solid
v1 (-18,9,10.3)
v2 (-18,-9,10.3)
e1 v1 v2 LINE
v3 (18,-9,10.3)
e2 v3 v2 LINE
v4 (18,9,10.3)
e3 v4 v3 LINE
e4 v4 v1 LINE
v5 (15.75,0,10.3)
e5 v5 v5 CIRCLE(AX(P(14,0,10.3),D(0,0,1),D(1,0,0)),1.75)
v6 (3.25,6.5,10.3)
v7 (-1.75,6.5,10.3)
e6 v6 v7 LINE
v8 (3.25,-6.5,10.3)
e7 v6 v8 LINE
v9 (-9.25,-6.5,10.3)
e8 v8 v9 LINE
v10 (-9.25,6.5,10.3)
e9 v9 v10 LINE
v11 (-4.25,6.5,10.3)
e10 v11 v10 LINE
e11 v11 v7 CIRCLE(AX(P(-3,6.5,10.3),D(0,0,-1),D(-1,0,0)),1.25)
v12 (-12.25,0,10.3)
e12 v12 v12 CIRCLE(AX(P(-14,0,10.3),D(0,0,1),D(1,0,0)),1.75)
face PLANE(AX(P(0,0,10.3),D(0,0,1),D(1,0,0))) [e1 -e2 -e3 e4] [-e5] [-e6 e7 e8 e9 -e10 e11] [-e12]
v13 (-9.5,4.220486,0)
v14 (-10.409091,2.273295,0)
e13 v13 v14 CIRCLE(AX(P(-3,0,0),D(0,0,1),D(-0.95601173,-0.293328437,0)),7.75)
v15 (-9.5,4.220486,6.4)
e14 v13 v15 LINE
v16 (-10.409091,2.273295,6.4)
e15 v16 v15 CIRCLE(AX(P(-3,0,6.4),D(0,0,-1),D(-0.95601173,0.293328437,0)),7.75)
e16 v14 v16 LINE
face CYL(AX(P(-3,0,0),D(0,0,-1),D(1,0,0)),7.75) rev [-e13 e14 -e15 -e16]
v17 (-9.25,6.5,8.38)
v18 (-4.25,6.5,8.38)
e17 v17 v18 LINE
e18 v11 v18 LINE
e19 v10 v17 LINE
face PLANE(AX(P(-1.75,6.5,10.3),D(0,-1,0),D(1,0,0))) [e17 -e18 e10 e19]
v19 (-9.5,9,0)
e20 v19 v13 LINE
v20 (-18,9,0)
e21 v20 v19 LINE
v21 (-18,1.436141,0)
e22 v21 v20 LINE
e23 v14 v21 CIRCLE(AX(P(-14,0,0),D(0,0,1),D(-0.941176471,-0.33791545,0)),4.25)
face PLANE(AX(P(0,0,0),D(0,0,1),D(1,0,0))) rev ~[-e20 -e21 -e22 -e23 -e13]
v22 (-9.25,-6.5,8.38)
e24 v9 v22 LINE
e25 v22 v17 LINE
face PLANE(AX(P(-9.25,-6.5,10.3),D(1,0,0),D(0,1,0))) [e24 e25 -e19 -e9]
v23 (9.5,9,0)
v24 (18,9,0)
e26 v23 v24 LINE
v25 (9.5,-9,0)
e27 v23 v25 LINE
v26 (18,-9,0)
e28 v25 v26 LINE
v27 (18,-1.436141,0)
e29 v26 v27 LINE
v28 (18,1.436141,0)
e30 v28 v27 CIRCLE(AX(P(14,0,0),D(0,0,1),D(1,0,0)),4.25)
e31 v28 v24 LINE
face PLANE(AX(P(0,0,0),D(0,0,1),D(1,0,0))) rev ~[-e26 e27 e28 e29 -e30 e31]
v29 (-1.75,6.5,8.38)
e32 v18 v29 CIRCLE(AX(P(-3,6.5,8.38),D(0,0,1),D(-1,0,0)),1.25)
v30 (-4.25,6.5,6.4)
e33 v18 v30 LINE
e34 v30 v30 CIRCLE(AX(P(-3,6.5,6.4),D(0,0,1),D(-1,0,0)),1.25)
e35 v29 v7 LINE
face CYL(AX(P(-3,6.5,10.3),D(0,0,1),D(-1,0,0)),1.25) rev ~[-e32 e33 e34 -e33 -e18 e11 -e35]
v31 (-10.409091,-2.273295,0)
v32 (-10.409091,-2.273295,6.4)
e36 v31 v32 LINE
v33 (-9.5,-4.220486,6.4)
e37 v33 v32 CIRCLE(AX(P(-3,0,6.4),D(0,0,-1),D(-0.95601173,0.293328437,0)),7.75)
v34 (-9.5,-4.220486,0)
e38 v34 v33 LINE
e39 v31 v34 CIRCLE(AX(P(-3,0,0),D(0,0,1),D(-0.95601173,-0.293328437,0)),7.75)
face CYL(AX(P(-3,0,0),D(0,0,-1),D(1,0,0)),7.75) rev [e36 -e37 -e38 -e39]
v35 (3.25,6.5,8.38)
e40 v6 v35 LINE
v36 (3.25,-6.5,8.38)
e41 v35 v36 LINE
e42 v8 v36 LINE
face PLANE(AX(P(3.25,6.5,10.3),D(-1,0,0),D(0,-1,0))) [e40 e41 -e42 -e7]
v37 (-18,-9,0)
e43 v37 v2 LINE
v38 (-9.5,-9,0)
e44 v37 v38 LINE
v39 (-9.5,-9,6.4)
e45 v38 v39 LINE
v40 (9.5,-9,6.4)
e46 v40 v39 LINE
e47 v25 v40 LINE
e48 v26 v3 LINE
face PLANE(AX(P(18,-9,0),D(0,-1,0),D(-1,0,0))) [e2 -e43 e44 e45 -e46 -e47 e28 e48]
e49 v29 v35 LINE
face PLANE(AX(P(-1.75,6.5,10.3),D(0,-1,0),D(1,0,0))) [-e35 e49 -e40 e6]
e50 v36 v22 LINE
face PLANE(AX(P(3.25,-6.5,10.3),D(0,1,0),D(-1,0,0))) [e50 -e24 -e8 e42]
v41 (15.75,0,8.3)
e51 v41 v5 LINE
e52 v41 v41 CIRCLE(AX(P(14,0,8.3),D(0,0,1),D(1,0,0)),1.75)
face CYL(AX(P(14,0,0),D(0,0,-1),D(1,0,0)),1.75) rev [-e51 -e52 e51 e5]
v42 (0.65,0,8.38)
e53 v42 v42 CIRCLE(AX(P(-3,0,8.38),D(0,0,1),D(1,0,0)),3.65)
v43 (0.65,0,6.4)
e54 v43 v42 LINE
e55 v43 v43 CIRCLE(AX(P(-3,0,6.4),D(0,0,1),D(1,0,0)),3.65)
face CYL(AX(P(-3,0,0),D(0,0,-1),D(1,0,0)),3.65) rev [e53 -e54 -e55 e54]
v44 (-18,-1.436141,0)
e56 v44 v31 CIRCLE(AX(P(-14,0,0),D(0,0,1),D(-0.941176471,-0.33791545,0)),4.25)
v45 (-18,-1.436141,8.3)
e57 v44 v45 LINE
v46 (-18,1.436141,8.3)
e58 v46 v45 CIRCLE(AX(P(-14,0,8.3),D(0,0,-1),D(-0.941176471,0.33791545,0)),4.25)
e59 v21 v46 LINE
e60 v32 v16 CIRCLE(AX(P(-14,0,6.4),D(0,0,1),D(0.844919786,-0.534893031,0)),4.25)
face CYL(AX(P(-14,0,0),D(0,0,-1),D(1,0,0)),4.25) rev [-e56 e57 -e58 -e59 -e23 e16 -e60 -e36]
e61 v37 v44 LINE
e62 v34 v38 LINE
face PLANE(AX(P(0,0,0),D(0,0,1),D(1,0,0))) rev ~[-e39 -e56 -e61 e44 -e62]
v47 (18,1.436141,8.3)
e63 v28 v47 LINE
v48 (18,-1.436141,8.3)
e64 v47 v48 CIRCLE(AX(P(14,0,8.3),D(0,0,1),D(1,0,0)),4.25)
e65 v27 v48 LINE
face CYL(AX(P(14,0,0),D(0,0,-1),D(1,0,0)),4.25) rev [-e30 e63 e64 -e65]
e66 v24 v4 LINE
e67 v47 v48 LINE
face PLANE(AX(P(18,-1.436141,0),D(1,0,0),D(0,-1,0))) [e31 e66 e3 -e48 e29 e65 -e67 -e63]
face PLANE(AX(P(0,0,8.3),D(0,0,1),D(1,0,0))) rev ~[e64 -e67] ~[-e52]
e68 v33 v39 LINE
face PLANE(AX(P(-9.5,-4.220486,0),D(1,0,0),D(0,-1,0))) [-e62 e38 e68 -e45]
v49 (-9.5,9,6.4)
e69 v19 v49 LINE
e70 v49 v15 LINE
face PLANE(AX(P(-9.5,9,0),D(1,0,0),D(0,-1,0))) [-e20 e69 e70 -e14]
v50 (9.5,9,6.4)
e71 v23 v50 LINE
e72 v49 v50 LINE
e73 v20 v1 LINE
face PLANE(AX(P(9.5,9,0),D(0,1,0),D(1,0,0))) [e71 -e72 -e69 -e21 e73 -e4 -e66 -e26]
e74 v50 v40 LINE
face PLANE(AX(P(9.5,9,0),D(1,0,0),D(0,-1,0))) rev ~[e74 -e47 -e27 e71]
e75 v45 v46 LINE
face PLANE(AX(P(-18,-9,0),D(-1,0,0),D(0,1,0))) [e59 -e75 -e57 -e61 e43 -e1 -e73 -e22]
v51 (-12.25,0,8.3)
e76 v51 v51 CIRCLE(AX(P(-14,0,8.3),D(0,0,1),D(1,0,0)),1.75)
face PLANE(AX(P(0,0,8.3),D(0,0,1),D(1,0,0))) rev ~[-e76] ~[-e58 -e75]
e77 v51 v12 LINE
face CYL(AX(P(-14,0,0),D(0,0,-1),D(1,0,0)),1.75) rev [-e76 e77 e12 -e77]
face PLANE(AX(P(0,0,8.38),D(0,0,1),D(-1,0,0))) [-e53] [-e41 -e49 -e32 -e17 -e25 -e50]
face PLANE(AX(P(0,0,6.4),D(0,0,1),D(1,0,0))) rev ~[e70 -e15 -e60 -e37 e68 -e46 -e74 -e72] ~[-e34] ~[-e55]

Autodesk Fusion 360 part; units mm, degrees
sketch "Skizze1" plane through (0, 0, 0) normal (0, 0, 1) x (1, 0, 0)
  line L0 (18, -9) -> (-18, -9)
  line L1 (-18, -9) -> (-18, 9)
  line L2 (-18, 9) -> (18, 9)
  line L3 (18, 9) -> (18, -9)
  line L4 (18, -9) -> (-18, 9) construction
  line L5 (-18, -9) -> (18, 9) construction
  line L6 (-14, 14.295) -> (-14, -12) construction
  line L7 (14, 15.3346) -> (14, -11.7486) construction
  line L8 (-3, 14) -> (-3, -10) construction
  line L9 (-21.8783, 0) -> (29.3882, 0) construction
  circle A0 centre (-3, 0) radius 3.65
  circle A1 centre (-14, 0) radius 1.75
  circle A2 centre (14, 0) radius 1.75
  line L10 (-9.5, 9) -> (-9.5, -9)
  line L11 (9.5, 9) -> (9.5, -9)
  circle A3 centre (-3, 0) radius 7.75
  line L12 (3, -6.25) -> (-9, -6.25)
  line L13 (-9, -6.25) -> (-9, 6.25)
  line L14 (-9, 6.25) -> (3, 6.25)
  line L15 (3, 6.25) -> (3, -6.25)
  line L16 (3, -6.25) -> (-9, 6.25) construction
  line L17 (-9, -6.25) -> (3, 6.25) construction
  circle A4 centre (-14, 0) radius 4.25
  circle A5 centre (14, 0) radius 4.25
  point P0 (-6.65, 0)
  point P1 (-3, 0)
  dimension "d1" = 36
  dimension "d2" = 18
  dimension "d3" = 4
  dimension "d4" = 11
  dimension "d5" = 17
  dimension "d6" = 7.3
  dimension "d7" = 3.5
  dimension "d8" = 3.5
  dimension "d10" = 4.5
  dimension "d11" = 2.85
  dimension "d12" = 15.5
  dimension "d13" = 4.5
  dimension "d14" = 12
  dimension "d15" = 12.5
  dimension "d16" = 8.5
  dimension "d17" = 8.5
extrude "Extrusion1" add sketch "Skizze1" along normal blind 10.3 contours L0 L2 L3 L11 A5 | L0 L2 L10 L11 A3 L12 L13 L14 L15 | L3 A5 | L0 L1 L10 A3 A4 | L10 A3 A4 | L10 A3 L13 | L1 L2 L10 A3 A4 | L1 A3 A4 | A3 A4 | A3 L12 L13 L14 L15 | A3 L12 L13 | A3 L13 L14 | A3 L12 | A3 L14 | A3 L12 L15 | A3 L14 L15 | A3 L15 picked at (17.25, 0)
extrude "Extrusion2" cut sketch "Skizze1" along normal blind 8.3 contours L3 A5 | L1 A3 A4 | A3 A4 picked at (17.25, 0)
extrude "Extrusion3" cut sketch "Skizze1" along normal blind 6.4 contours L10 A3 A4 | L10 A3 L13 | A3 L12 L13 L14 L15 | A3 L12 | A3 L14 | A3 L15
extrude "Extrusion4" cut sketch "Skizze1" along normal blind 6.4 contours L0 L2 L10 L11 A3 L12 L13 L14 L15 | A3 L12 L13 | A3 L13 L14 | A3 L12 L15 | A3 L14 L15
sketch "Skizze2" plane through (0, 0, 10.3) normal (0, 0, 1) x (-1, 0, 0)
  circle A0 centre (-14, 0) radius 1.75
  circle A1 centre (14, 0) radius 1.75
  circle A2 centre (3, 0) radius 3.65
  line L0 (-18, -9) -> (18, -9)
  line L1 (18, -9) -> (18, 9)
  line L2 (18, 9) -> (-18, 9)
  line L3 (-18, 9) -> (-18, -9)
  line L4 (19.6534, 0) -> (-19.2741, 0) construction
  line L5 (3, -11.2204) -> (3, 11) construction
  line L6 (-3.25, 6.5) -> (9.25, 6.5)
  line L7 (9.25, 6.5) -> (9.25, -6.5)
  line L8 (9.25, -6.5) -> (-3.25, -6.5)
  line L9 (-3.25, -6.5) -> (-3.25, 6.5)
  line L10 (-3.25, 6.5) -> (9.25, -6.5) construction
  line L11 (9.25, 6.5) -> (-3.25, -6.5) construction
  circle A3 centre (3, -6.5) radius 1.25
  point P0 (3, 0)
  point P1 (3, 0)
  point P2 (3, -6.5)
  dimension "d26" = 13
  dimension "d27" = 12.5
  dimension "d30" = 2.5
extrude "Extrusion5" cut sketch "Skizze2" against normal blind 1.92 contours L6 L7 L8 L9 A3 | L8 A3 picked at (3.3396, -6.2032)
extrude "Extrusion6" cut sketch "Skizze2" against normal blind 9 contours L8 A3 | L8 A3
